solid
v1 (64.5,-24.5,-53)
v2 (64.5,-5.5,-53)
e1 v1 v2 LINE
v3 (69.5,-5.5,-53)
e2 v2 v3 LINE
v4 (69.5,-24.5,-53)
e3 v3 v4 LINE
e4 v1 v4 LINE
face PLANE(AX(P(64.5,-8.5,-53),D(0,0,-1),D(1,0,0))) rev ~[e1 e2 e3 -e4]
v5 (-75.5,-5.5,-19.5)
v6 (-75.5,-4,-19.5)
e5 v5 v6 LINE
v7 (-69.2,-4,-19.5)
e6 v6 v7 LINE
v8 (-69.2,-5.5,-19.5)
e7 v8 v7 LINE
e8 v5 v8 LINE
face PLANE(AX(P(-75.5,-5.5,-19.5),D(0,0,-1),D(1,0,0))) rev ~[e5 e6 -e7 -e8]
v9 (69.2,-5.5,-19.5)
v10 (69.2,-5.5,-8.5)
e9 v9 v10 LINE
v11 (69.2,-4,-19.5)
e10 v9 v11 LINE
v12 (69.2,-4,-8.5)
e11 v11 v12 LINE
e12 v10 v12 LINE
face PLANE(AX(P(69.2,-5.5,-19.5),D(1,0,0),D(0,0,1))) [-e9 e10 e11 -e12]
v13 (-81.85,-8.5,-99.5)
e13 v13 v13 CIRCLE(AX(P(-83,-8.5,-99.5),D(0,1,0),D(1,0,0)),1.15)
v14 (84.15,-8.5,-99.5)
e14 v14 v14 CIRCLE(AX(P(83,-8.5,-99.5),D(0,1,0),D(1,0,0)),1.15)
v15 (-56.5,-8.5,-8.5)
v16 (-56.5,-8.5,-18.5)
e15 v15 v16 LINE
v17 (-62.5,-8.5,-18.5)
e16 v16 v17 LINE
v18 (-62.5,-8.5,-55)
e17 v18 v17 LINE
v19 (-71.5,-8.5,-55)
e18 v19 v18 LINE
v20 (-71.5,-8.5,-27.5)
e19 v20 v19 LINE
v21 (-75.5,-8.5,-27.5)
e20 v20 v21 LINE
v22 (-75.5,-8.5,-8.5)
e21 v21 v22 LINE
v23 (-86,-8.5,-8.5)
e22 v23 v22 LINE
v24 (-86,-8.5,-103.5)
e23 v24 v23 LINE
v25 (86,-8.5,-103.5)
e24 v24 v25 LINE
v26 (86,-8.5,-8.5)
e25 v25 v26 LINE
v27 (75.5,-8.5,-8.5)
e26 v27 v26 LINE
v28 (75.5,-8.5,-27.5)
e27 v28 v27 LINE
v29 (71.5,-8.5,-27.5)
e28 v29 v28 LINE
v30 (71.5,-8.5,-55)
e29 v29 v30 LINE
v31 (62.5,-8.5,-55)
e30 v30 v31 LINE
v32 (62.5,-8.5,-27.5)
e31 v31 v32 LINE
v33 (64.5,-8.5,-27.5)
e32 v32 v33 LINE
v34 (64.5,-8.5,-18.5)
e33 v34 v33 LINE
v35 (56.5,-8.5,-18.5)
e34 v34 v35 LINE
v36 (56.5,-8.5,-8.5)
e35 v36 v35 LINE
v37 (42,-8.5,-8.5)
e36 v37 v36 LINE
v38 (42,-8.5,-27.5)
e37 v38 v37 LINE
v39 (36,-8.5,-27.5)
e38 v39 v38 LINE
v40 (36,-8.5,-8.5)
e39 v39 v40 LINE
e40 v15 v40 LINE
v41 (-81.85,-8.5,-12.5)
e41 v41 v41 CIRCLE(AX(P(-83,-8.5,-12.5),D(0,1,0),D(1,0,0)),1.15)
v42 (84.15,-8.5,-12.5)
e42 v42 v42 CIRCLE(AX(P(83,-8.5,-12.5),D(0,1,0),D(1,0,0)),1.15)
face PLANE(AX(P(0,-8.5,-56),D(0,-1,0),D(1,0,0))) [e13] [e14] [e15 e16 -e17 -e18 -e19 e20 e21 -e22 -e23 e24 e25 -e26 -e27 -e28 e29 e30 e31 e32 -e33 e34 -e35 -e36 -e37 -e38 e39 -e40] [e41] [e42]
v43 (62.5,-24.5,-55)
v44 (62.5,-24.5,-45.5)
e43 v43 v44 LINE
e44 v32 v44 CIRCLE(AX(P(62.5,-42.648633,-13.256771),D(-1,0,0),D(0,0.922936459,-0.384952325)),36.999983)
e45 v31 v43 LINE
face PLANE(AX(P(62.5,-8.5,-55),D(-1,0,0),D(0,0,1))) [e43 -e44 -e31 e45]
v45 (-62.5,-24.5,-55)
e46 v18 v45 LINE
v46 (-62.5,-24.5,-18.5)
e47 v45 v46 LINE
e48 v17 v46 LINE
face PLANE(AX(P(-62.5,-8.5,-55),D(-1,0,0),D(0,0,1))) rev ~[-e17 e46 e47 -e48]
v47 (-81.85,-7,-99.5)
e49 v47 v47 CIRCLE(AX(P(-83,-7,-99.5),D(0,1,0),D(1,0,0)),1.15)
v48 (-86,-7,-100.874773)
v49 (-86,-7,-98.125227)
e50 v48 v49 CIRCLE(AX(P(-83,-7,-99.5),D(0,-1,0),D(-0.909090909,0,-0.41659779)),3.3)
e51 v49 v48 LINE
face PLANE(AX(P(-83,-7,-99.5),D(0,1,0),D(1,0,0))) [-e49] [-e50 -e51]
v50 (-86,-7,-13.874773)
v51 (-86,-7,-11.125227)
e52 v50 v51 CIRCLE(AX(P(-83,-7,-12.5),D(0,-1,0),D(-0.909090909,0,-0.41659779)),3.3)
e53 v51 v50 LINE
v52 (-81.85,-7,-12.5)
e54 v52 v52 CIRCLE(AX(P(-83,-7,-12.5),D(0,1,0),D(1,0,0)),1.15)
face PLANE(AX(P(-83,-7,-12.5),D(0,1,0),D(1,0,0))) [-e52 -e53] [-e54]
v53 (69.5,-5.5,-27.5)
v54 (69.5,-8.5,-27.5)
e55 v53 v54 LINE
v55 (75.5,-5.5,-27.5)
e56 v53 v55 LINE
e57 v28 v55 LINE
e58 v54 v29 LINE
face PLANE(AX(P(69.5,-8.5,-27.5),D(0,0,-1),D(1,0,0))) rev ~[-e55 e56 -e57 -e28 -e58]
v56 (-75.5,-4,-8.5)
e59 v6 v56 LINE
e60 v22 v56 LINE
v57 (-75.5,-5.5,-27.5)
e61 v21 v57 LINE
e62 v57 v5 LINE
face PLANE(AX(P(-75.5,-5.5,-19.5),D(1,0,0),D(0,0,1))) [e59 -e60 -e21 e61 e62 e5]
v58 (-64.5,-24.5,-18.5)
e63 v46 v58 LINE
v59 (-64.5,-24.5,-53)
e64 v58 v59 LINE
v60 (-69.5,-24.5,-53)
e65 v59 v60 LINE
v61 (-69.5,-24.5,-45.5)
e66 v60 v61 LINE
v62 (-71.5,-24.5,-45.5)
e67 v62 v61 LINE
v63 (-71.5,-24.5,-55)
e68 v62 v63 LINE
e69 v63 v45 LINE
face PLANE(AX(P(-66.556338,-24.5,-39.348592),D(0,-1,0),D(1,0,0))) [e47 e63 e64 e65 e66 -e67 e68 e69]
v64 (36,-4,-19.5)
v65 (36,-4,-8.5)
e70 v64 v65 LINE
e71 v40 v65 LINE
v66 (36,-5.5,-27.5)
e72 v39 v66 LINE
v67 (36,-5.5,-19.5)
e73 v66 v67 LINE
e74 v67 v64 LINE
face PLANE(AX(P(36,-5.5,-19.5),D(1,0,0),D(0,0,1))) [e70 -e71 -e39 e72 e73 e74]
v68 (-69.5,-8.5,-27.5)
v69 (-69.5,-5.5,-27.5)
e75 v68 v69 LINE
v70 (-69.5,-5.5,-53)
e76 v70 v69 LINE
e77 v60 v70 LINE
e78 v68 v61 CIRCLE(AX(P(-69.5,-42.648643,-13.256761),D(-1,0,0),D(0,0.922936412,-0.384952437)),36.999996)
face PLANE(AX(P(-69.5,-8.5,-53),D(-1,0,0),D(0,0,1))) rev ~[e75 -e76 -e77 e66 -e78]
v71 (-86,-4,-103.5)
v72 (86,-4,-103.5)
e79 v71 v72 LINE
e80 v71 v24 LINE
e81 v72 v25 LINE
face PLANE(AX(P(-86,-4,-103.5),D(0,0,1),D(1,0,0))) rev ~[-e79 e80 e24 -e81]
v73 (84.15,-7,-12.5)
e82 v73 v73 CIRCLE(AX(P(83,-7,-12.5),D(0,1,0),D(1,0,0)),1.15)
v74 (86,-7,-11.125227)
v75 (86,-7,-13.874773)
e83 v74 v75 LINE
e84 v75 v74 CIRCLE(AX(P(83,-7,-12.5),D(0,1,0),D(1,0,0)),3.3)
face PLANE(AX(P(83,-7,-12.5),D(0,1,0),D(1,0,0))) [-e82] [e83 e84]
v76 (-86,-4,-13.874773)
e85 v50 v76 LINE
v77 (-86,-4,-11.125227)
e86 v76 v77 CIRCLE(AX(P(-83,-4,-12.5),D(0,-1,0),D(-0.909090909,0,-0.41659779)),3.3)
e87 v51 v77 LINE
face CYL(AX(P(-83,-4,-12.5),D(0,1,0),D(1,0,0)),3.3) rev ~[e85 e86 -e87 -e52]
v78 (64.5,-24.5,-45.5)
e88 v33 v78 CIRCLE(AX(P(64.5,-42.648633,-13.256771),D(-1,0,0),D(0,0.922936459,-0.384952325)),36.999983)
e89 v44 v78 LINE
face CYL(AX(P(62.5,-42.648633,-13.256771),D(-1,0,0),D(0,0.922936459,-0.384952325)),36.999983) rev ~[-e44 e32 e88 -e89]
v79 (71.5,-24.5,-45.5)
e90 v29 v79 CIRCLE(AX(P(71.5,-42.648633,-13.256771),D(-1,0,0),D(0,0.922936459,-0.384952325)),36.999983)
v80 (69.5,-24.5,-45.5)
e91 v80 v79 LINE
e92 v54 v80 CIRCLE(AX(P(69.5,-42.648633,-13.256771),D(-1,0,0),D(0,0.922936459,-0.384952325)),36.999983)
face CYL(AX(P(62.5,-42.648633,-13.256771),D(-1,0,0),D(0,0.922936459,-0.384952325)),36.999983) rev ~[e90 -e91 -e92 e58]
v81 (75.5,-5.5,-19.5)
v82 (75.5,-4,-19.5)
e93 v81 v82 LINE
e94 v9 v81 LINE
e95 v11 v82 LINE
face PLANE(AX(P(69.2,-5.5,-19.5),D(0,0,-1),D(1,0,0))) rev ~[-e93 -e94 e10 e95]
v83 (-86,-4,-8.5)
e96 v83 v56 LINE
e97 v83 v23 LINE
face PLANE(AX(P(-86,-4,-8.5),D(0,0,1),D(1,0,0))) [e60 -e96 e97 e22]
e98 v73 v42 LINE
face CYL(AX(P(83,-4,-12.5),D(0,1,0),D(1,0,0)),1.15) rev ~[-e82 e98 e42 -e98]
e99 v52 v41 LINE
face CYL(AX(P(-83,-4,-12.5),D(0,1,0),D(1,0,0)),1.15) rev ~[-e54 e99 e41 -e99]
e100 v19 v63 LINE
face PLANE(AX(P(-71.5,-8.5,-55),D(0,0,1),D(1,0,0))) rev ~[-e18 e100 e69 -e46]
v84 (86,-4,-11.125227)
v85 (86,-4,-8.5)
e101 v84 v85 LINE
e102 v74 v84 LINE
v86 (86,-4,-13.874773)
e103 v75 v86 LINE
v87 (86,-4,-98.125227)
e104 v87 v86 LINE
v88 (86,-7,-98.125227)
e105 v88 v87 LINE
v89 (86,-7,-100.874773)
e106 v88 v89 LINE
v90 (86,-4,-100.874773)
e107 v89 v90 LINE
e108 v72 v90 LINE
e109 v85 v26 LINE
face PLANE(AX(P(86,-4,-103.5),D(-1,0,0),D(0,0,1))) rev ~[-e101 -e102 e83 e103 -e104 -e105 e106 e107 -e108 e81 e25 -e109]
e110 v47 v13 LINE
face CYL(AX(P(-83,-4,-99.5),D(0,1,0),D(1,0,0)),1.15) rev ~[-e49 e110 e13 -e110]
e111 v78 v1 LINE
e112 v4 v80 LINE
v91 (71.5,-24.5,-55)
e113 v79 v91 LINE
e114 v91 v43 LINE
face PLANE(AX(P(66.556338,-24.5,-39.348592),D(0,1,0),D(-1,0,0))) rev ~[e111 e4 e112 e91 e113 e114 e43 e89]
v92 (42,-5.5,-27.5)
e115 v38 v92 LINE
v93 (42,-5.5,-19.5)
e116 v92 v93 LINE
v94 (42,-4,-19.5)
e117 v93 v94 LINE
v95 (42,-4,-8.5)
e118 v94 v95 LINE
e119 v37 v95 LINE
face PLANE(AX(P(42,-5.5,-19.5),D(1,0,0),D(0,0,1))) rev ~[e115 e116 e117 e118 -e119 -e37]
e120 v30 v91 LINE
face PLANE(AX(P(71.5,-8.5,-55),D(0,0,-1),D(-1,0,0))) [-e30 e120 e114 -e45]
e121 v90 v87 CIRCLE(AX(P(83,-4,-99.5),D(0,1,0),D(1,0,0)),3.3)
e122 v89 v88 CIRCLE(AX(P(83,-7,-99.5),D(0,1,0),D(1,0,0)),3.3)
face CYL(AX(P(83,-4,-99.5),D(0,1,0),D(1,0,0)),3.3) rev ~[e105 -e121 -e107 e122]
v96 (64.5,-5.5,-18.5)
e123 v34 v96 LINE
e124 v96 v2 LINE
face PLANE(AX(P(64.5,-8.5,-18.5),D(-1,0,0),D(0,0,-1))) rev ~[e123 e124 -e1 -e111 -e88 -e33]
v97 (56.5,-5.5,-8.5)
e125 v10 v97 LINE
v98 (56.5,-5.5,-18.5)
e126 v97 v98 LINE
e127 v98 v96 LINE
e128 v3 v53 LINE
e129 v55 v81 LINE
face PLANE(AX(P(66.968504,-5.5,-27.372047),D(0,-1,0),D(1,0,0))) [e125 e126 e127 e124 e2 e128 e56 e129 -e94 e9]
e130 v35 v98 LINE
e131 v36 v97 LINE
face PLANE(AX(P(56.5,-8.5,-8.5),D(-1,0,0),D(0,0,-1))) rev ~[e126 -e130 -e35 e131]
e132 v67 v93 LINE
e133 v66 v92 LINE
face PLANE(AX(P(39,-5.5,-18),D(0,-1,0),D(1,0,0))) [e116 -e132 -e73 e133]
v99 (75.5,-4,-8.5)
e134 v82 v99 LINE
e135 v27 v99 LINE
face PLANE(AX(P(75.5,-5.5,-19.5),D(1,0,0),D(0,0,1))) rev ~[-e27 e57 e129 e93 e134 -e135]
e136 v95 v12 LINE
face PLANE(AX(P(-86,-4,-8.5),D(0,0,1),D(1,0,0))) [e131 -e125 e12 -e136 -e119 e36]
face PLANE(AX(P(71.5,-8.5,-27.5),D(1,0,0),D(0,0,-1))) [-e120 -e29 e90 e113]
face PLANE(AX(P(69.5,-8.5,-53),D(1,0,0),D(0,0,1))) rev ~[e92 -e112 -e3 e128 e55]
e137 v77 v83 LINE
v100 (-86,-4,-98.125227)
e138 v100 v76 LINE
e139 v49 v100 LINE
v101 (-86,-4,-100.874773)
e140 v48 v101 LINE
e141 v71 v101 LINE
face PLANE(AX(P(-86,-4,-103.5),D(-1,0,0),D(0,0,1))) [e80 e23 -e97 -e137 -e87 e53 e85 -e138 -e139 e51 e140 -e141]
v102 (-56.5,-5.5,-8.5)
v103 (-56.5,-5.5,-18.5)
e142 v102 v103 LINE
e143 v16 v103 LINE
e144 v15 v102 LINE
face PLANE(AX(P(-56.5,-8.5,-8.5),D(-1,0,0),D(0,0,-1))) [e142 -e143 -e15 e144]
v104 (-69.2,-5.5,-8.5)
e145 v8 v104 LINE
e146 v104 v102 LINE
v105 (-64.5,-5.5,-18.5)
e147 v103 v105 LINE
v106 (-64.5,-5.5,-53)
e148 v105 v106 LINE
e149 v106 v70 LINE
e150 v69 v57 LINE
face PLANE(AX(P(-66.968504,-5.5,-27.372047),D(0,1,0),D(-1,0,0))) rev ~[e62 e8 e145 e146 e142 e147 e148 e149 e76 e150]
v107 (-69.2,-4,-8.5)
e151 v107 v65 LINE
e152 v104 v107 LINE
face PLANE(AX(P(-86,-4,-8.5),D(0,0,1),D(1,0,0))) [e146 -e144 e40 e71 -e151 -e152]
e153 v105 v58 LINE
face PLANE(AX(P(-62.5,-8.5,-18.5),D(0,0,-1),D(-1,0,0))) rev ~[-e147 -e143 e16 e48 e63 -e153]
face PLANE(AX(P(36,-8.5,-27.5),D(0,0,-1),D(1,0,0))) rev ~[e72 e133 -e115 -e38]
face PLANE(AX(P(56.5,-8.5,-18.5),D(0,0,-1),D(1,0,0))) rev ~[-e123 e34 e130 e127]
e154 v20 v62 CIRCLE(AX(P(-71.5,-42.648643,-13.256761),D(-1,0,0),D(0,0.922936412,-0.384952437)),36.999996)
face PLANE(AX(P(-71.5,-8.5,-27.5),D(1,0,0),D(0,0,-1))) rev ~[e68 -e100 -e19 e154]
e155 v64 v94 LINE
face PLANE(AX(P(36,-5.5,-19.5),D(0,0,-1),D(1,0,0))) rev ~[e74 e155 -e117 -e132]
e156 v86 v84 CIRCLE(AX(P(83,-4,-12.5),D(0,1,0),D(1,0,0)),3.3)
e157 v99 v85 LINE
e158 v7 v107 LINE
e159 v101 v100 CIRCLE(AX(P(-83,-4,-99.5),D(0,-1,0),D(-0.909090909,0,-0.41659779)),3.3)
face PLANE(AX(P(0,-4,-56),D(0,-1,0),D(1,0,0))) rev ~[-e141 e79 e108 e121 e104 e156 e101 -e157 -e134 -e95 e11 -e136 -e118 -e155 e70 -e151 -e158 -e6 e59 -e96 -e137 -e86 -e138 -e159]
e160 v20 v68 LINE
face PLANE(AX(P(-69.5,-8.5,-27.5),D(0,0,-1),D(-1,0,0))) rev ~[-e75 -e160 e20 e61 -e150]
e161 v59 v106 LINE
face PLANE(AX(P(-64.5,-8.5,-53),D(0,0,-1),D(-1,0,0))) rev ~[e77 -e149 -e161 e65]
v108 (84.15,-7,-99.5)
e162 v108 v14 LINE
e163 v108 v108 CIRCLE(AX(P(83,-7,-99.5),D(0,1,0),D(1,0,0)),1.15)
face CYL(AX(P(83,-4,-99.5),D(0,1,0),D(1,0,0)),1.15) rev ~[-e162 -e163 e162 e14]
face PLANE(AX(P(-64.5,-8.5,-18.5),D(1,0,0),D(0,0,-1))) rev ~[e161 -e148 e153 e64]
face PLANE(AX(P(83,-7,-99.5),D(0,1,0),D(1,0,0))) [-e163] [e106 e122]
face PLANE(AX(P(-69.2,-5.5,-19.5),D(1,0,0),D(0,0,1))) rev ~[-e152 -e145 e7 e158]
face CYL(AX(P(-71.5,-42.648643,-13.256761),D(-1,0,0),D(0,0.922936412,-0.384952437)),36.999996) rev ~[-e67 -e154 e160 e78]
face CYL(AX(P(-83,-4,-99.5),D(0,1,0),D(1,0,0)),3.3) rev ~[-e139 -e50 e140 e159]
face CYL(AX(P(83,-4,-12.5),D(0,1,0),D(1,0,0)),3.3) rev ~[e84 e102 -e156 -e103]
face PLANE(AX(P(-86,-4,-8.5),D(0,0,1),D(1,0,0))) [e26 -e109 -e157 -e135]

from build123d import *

# Parameters (mm, degrees)
SKETCH097_W     = 172
SKETCH097_H     = 95
PAD059_DEPTH    = 4.5
SKETCH098_W     = 6
SKETCH098_H     = 19
POCKET036_DEPTH = 3
SKETCH099_W     = 6.3
SKETCH099_H     = 11
SKETCH099_W_2   = 6
POCKET037_DEPTH = 5
PAD060_DEPTH    = 16
POCKET038_DEPTH = 5
POCKET039_DEPTH = 9
SKETCH103_R     = 1.15
POCKET040_DEPTH = 5
SKETCH104_R     = 3.3
POCKET041_DEPTH = 3


with BuildPart() as part:
    # Sketch097 → Pad059 (new body)
    with BuildSketch(Plane.XZ):
        Rectangle(SKETCH097_W, SKETCH097_H)
    extrude(amount=PAD059_DEPTH)

    # Sketch098 (on Face6 of Pad059) → Pocket036 (cut)
    with BuildSketch(Plane.XZ.offset(4.5)):
        Polygon((64.5, 3), (69.5, 3), (69.5, 28.5), (75.5, 28.5), (75.5, 47.5), (56.5, 47.5), (56.5, 37.5), (64.5, 37.5), align=None)
        with Locations((39, 38)):
            Rectangle(SKETCH098_W, SKETCH098_H)
        Polygon((-64.5, 3), (-69.5, 3), (-69.5, 28.5), (-75.5, 28.5), (-75.5, 47.5), (-56.5, 47.5), (-56.5, 37.5), (-64.5, 37.5), align=None)
    extrude(amount=-POCKET036_DEPTH, mode=Mode.SUBTRACT)

    # Sketch099 (on Face26 of Pocket036) → Pocket037 (cut)
    with BuildSketch(Plane.XZ.offset(1.5)):
        with Locations((72.35, 42)):
            Rectangle(SKETCH099_W, SKETCH099_H)
        with Locations((39, 42)):
            Rectangle(SKETCH099_W_2, SKETCH099_H)
        with Locations((-72.35, 42)):
            Rectangle(SKETCH099_W, SKETCH099_H)
    extrude(amount=-POCKET037_DEPTH, mode=Mode.SUBTRACT)

    # Sketch100 (on Face5 of Pocket037) → Pad060 (join)
    with BuildSketch(Plane.XZ.offset(4.5)):
        Polygon((-69.5, 28.5), (-71.5, 28.5), (-71.5, 1), (-62.5, 1), (-62.5, 37.5), (-64.5, 37.5), (-64.5, 3), (-69.5, 3), align=None)
        Polygon((64.5, 37.5), (64.5, 3), (69.5, 3), (69.5, 28.5), (71.5, 28.5), (71.5, 1), (62.5, 1), (62.5, 37.5), align=None)
    extrude(amount=PAD060_DEPTH)

    # Sketch101 (on Face27 of Pad060) → Pocket038 (cut)
    with BuildSketch(Plane(origin=(-71.5, 0, 0), x_dir=(0, 0, -1), z_dir=(-1, 0, 0))):
        with BuildLine():
            ThreePointArc((-28.5, 4.5), (-18.161779, 10.994502), (-10.5, 20.5))
            Line((-28.5, 20.5), (-10.5, 20.5))
            Line((-28.5, 4.5), (-28.5, 20.5))
        make_face()
    extrude(amount=-POCKET038_DEPTH, mode=Mode.SUBTRACT)

    # Sketch102 (on Face22 of Pocket038) → Pocket039 (cut)
    with BuildSketch(Plane(origin=(62.5, 0, 0), x_dir=(0, 0, -1), z_dir=(-1, 0, 0))):
        with BuildLine():
            Line((-37.5, 20.5), (-10.5, 20.5))
            ThreePointArc((-28.5, 4.5), (-18.161779, 10.994501), (-10.5, 20.5))
            Line((-37.5, 4.5), (-28.5, 4.5))
            Line((-37.5, 20.5), (-37.5, 4.5))
        make_face()
    extrude(amount=-POCKET039_DEPTH, mode=Mode.SUBTRACT)

    # Sketch103 (on Face4 of Pocket039) → Pocket040 (cut)
    with BuildSketch(Plane(origin=(0, 0, 0), x_dir=(1, 0, 0), z_dir=(0, 1, 0))):
        with Locations((-83, 43.5)):
            Circle(SKETCH103_R)
        with Locations((83, 43.5)):
            Circle(SKETCH103_R)
        with Locations((83, -43.5)):
            Circle(SKETCH103_R)
        with Locations((-83, -43.5)):
            Circle(SKETCH103_R)
    extrude(amount=-POCKET040_DEPTH, mode=Mode.SUBTRACT)

    # Sketch104 (on Face4 of Pocket040) → Pocket041 (cut)
    with BuildSketch(Plane(origin=(0, 0, 0), x_dir=(1, 0, 0), z_dir=(0, 1, 0))):
        with Locations((83, 43.5)):
            Circle(SKETCH104_R)
        with Locations((83, -43.5)):
            Circle(SKETCH104_R)
        with Locations((-83, -43.5)):
            Circle(SKETCH104_R)
        with Locations((-83, 43.5)):
            Circle(SKETCH104_R)
    extrude(amount=-POCKET041_DEPTH, mode=Mode.SUBTRACT)


with BuildPart() as part_1:
    # Body021 placement: moved
    add(part.part.moved(Location((0, -4, -56))))


solid = part_1.part
